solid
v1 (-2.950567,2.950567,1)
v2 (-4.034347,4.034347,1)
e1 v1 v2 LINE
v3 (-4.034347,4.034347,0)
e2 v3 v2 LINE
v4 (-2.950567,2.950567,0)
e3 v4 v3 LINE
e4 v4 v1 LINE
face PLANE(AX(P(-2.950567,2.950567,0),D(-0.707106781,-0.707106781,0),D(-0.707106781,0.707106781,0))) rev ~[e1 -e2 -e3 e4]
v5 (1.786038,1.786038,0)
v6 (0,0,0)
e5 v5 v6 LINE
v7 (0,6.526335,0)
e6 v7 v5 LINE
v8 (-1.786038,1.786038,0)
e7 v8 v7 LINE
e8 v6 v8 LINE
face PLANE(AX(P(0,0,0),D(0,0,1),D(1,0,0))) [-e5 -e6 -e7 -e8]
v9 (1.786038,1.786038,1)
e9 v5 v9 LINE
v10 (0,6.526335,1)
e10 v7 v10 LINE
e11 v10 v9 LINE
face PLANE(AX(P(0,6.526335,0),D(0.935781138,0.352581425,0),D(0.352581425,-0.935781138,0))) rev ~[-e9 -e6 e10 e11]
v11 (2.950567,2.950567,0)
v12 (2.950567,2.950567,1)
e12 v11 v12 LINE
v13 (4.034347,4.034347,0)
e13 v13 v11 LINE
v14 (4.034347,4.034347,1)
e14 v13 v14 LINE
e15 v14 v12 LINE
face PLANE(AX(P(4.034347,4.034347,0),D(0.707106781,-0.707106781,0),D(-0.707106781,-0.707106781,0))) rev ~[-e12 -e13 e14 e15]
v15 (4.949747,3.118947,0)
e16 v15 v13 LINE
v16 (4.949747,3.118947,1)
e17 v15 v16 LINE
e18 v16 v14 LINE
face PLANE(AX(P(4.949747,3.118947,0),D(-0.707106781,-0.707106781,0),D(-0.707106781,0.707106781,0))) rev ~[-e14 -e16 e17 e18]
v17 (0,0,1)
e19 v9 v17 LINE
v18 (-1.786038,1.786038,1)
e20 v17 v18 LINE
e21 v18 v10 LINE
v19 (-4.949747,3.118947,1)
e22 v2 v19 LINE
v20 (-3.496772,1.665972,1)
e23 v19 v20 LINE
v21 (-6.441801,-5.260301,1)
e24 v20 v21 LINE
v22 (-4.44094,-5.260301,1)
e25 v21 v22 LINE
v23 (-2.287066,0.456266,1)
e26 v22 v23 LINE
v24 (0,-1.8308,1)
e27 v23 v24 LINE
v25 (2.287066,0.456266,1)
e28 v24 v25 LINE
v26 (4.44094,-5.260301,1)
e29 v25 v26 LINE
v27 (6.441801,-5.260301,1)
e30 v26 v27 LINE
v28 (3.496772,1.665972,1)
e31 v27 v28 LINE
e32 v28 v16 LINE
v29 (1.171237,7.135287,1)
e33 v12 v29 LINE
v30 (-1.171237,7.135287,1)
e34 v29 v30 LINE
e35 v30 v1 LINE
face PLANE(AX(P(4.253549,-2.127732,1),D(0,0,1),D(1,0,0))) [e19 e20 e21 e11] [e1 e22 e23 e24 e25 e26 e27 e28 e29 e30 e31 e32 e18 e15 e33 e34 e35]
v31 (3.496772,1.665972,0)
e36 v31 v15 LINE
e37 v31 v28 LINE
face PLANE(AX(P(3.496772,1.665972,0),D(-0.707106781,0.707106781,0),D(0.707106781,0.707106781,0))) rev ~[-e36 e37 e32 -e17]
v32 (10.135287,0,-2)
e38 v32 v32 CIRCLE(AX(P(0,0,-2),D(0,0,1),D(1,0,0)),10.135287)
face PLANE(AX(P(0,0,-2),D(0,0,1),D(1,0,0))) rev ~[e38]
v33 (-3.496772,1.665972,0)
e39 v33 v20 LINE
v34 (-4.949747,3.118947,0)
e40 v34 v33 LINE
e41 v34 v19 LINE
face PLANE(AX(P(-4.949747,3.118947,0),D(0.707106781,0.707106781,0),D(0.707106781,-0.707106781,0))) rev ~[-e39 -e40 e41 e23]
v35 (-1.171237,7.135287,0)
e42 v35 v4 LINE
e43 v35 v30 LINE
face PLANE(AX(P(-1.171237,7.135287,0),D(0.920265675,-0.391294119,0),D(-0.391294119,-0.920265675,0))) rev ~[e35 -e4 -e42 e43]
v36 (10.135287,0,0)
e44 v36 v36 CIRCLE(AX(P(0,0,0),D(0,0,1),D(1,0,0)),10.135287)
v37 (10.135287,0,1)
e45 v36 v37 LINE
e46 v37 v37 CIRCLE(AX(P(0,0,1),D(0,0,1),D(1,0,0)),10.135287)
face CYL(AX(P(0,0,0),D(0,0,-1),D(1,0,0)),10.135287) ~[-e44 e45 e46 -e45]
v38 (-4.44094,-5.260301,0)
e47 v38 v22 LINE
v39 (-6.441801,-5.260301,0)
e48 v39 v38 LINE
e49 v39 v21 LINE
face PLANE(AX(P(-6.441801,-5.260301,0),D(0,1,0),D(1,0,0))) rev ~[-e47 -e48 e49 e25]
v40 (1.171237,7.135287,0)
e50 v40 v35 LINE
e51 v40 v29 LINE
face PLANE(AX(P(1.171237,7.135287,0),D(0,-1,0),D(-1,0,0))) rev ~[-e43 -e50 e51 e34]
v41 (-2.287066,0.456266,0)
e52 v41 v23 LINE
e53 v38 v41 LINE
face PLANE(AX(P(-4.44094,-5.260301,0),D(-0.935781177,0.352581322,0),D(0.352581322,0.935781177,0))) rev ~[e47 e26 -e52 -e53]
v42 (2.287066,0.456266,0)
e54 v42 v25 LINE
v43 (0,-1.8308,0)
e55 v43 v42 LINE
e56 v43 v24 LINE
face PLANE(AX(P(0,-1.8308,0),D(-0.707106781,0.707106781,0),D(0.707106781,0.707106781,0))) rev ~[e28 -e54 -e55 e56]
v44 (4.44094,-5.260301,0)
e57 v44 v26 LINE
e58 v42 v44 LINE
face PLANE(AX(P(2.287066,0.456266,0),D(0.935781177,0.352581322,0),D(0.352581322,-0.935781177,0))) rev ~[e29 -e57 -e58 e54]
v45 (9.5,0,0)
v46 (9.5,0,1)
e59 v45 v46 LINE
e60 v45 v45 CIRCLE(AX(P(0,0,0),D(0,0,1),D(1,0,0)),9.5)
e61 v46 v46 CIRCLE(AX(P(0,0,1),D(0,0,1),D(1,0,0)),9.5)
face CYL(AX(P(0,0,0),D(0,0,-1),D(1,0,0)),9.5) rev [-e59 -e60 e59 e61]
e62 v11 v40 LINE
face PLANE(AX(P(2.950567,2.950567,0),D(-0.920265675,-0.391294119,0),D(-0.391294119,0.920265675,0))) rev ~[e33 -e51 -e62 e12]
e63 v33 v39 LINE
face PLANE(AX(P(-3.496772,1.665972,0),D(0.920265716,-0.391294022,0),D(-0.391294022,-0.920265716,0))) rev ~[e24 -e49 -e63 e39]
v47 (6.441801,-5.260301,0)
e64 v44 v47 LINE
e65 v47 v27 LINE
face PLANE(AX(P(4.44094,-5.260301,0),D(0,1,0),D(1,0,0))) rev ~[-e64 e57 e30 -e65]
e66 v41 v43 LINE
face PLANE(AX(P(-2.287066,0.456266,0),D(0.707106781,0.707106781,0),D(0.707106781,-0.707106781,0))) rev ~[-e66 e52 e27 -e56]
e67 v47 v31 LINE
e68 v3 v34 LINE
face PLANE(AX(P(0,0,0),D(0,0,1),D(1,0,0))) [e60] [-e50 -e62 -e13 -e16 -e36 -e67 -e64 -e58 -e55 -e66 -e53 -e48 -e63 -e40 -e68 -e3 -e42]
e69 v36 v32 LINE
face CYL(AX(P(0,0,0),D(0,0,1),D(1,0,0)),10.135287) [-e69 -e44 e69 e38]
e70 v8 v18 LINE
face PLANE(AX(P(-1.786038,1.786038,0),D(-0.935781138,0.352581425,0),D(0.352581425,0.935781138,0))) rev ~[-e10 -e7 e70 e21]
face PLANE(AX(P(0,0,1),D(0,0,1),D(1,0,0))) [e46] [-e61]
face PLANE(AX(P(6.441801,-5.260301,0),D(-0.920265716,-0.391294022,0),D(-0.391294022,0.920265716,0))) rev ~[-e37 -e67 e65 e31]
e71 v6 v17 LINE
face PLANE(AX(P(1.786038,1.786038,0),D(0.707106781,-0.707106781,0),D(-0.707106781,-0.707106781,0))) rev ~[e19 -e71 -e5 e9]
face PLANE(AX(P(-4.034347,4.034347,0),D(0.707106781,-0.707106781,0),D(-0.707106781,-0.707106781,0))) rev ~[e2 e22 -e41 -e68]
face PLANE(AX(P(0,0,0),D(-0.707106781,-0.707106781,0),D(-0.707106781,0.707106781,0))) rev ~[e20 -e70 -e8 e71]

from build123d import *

# Parameters (mm, degrees)
F0_R     = 10.135287
F1_DEPTH = 2
F3_DEPTH = 1
F4_R     = 10.135287
F4_R_2   = 9.5
F5_DEPTH = 1


with BuildPart() as f1:
    # F0 (on Top) → F1 (new body)
    with BuildSketch(Plane.XY):
        Circle(F0_R)
    extrude(amount=-F1_DEPTH)

    # F2 (on face) → F3 (join)
    with BuildSketch(Plane.XY):
        Polygon((6.441801, -5.260301), (3.496772, 1.665972), (2.287066, 0.456266), (4.44094, -5.260301), align=None)
        Polygon((0, 6.526335), (1.786038, 1.786038), (2.950567, 2.950567), (1.171237, 7.135287), (-1.171237, 7.135287), (-2.950567, 2.950567), (-1.786038, 1.786038), align=None)
        Polygon((-2.287066, 0.456266), (-3.496772, 1.665972), (-6.441801, -5.260301), (-4.44094, -5.260301), align=None)
        Polygon((1.786038, 1.786038), (0, 0), (-1.786038, 1.786038), (-2.950567, 2.950567), (-4.034347, 4.034347), (-4.949747, 3.118947), (-3.496772, 1.665972), (-2.287066, 0.456266), (0, -1.8308), (2.287066, 0.456266), (3.496772, 1.665972), (4.949747, 3.118947), (4.034347, 4.034347), (2.950567, 2.950567), align=None)
    extrude(amount=F3_DEPTH)

    # F4 (on face) → F5 (join)
    with BuildSketch(Plane.XY):
        Circle(F4_R)
        Circle(F4_R_2, mode=Mode.SUBTRACT)
    extrude(amount=F5_DEPTH)


solid = f1.part
